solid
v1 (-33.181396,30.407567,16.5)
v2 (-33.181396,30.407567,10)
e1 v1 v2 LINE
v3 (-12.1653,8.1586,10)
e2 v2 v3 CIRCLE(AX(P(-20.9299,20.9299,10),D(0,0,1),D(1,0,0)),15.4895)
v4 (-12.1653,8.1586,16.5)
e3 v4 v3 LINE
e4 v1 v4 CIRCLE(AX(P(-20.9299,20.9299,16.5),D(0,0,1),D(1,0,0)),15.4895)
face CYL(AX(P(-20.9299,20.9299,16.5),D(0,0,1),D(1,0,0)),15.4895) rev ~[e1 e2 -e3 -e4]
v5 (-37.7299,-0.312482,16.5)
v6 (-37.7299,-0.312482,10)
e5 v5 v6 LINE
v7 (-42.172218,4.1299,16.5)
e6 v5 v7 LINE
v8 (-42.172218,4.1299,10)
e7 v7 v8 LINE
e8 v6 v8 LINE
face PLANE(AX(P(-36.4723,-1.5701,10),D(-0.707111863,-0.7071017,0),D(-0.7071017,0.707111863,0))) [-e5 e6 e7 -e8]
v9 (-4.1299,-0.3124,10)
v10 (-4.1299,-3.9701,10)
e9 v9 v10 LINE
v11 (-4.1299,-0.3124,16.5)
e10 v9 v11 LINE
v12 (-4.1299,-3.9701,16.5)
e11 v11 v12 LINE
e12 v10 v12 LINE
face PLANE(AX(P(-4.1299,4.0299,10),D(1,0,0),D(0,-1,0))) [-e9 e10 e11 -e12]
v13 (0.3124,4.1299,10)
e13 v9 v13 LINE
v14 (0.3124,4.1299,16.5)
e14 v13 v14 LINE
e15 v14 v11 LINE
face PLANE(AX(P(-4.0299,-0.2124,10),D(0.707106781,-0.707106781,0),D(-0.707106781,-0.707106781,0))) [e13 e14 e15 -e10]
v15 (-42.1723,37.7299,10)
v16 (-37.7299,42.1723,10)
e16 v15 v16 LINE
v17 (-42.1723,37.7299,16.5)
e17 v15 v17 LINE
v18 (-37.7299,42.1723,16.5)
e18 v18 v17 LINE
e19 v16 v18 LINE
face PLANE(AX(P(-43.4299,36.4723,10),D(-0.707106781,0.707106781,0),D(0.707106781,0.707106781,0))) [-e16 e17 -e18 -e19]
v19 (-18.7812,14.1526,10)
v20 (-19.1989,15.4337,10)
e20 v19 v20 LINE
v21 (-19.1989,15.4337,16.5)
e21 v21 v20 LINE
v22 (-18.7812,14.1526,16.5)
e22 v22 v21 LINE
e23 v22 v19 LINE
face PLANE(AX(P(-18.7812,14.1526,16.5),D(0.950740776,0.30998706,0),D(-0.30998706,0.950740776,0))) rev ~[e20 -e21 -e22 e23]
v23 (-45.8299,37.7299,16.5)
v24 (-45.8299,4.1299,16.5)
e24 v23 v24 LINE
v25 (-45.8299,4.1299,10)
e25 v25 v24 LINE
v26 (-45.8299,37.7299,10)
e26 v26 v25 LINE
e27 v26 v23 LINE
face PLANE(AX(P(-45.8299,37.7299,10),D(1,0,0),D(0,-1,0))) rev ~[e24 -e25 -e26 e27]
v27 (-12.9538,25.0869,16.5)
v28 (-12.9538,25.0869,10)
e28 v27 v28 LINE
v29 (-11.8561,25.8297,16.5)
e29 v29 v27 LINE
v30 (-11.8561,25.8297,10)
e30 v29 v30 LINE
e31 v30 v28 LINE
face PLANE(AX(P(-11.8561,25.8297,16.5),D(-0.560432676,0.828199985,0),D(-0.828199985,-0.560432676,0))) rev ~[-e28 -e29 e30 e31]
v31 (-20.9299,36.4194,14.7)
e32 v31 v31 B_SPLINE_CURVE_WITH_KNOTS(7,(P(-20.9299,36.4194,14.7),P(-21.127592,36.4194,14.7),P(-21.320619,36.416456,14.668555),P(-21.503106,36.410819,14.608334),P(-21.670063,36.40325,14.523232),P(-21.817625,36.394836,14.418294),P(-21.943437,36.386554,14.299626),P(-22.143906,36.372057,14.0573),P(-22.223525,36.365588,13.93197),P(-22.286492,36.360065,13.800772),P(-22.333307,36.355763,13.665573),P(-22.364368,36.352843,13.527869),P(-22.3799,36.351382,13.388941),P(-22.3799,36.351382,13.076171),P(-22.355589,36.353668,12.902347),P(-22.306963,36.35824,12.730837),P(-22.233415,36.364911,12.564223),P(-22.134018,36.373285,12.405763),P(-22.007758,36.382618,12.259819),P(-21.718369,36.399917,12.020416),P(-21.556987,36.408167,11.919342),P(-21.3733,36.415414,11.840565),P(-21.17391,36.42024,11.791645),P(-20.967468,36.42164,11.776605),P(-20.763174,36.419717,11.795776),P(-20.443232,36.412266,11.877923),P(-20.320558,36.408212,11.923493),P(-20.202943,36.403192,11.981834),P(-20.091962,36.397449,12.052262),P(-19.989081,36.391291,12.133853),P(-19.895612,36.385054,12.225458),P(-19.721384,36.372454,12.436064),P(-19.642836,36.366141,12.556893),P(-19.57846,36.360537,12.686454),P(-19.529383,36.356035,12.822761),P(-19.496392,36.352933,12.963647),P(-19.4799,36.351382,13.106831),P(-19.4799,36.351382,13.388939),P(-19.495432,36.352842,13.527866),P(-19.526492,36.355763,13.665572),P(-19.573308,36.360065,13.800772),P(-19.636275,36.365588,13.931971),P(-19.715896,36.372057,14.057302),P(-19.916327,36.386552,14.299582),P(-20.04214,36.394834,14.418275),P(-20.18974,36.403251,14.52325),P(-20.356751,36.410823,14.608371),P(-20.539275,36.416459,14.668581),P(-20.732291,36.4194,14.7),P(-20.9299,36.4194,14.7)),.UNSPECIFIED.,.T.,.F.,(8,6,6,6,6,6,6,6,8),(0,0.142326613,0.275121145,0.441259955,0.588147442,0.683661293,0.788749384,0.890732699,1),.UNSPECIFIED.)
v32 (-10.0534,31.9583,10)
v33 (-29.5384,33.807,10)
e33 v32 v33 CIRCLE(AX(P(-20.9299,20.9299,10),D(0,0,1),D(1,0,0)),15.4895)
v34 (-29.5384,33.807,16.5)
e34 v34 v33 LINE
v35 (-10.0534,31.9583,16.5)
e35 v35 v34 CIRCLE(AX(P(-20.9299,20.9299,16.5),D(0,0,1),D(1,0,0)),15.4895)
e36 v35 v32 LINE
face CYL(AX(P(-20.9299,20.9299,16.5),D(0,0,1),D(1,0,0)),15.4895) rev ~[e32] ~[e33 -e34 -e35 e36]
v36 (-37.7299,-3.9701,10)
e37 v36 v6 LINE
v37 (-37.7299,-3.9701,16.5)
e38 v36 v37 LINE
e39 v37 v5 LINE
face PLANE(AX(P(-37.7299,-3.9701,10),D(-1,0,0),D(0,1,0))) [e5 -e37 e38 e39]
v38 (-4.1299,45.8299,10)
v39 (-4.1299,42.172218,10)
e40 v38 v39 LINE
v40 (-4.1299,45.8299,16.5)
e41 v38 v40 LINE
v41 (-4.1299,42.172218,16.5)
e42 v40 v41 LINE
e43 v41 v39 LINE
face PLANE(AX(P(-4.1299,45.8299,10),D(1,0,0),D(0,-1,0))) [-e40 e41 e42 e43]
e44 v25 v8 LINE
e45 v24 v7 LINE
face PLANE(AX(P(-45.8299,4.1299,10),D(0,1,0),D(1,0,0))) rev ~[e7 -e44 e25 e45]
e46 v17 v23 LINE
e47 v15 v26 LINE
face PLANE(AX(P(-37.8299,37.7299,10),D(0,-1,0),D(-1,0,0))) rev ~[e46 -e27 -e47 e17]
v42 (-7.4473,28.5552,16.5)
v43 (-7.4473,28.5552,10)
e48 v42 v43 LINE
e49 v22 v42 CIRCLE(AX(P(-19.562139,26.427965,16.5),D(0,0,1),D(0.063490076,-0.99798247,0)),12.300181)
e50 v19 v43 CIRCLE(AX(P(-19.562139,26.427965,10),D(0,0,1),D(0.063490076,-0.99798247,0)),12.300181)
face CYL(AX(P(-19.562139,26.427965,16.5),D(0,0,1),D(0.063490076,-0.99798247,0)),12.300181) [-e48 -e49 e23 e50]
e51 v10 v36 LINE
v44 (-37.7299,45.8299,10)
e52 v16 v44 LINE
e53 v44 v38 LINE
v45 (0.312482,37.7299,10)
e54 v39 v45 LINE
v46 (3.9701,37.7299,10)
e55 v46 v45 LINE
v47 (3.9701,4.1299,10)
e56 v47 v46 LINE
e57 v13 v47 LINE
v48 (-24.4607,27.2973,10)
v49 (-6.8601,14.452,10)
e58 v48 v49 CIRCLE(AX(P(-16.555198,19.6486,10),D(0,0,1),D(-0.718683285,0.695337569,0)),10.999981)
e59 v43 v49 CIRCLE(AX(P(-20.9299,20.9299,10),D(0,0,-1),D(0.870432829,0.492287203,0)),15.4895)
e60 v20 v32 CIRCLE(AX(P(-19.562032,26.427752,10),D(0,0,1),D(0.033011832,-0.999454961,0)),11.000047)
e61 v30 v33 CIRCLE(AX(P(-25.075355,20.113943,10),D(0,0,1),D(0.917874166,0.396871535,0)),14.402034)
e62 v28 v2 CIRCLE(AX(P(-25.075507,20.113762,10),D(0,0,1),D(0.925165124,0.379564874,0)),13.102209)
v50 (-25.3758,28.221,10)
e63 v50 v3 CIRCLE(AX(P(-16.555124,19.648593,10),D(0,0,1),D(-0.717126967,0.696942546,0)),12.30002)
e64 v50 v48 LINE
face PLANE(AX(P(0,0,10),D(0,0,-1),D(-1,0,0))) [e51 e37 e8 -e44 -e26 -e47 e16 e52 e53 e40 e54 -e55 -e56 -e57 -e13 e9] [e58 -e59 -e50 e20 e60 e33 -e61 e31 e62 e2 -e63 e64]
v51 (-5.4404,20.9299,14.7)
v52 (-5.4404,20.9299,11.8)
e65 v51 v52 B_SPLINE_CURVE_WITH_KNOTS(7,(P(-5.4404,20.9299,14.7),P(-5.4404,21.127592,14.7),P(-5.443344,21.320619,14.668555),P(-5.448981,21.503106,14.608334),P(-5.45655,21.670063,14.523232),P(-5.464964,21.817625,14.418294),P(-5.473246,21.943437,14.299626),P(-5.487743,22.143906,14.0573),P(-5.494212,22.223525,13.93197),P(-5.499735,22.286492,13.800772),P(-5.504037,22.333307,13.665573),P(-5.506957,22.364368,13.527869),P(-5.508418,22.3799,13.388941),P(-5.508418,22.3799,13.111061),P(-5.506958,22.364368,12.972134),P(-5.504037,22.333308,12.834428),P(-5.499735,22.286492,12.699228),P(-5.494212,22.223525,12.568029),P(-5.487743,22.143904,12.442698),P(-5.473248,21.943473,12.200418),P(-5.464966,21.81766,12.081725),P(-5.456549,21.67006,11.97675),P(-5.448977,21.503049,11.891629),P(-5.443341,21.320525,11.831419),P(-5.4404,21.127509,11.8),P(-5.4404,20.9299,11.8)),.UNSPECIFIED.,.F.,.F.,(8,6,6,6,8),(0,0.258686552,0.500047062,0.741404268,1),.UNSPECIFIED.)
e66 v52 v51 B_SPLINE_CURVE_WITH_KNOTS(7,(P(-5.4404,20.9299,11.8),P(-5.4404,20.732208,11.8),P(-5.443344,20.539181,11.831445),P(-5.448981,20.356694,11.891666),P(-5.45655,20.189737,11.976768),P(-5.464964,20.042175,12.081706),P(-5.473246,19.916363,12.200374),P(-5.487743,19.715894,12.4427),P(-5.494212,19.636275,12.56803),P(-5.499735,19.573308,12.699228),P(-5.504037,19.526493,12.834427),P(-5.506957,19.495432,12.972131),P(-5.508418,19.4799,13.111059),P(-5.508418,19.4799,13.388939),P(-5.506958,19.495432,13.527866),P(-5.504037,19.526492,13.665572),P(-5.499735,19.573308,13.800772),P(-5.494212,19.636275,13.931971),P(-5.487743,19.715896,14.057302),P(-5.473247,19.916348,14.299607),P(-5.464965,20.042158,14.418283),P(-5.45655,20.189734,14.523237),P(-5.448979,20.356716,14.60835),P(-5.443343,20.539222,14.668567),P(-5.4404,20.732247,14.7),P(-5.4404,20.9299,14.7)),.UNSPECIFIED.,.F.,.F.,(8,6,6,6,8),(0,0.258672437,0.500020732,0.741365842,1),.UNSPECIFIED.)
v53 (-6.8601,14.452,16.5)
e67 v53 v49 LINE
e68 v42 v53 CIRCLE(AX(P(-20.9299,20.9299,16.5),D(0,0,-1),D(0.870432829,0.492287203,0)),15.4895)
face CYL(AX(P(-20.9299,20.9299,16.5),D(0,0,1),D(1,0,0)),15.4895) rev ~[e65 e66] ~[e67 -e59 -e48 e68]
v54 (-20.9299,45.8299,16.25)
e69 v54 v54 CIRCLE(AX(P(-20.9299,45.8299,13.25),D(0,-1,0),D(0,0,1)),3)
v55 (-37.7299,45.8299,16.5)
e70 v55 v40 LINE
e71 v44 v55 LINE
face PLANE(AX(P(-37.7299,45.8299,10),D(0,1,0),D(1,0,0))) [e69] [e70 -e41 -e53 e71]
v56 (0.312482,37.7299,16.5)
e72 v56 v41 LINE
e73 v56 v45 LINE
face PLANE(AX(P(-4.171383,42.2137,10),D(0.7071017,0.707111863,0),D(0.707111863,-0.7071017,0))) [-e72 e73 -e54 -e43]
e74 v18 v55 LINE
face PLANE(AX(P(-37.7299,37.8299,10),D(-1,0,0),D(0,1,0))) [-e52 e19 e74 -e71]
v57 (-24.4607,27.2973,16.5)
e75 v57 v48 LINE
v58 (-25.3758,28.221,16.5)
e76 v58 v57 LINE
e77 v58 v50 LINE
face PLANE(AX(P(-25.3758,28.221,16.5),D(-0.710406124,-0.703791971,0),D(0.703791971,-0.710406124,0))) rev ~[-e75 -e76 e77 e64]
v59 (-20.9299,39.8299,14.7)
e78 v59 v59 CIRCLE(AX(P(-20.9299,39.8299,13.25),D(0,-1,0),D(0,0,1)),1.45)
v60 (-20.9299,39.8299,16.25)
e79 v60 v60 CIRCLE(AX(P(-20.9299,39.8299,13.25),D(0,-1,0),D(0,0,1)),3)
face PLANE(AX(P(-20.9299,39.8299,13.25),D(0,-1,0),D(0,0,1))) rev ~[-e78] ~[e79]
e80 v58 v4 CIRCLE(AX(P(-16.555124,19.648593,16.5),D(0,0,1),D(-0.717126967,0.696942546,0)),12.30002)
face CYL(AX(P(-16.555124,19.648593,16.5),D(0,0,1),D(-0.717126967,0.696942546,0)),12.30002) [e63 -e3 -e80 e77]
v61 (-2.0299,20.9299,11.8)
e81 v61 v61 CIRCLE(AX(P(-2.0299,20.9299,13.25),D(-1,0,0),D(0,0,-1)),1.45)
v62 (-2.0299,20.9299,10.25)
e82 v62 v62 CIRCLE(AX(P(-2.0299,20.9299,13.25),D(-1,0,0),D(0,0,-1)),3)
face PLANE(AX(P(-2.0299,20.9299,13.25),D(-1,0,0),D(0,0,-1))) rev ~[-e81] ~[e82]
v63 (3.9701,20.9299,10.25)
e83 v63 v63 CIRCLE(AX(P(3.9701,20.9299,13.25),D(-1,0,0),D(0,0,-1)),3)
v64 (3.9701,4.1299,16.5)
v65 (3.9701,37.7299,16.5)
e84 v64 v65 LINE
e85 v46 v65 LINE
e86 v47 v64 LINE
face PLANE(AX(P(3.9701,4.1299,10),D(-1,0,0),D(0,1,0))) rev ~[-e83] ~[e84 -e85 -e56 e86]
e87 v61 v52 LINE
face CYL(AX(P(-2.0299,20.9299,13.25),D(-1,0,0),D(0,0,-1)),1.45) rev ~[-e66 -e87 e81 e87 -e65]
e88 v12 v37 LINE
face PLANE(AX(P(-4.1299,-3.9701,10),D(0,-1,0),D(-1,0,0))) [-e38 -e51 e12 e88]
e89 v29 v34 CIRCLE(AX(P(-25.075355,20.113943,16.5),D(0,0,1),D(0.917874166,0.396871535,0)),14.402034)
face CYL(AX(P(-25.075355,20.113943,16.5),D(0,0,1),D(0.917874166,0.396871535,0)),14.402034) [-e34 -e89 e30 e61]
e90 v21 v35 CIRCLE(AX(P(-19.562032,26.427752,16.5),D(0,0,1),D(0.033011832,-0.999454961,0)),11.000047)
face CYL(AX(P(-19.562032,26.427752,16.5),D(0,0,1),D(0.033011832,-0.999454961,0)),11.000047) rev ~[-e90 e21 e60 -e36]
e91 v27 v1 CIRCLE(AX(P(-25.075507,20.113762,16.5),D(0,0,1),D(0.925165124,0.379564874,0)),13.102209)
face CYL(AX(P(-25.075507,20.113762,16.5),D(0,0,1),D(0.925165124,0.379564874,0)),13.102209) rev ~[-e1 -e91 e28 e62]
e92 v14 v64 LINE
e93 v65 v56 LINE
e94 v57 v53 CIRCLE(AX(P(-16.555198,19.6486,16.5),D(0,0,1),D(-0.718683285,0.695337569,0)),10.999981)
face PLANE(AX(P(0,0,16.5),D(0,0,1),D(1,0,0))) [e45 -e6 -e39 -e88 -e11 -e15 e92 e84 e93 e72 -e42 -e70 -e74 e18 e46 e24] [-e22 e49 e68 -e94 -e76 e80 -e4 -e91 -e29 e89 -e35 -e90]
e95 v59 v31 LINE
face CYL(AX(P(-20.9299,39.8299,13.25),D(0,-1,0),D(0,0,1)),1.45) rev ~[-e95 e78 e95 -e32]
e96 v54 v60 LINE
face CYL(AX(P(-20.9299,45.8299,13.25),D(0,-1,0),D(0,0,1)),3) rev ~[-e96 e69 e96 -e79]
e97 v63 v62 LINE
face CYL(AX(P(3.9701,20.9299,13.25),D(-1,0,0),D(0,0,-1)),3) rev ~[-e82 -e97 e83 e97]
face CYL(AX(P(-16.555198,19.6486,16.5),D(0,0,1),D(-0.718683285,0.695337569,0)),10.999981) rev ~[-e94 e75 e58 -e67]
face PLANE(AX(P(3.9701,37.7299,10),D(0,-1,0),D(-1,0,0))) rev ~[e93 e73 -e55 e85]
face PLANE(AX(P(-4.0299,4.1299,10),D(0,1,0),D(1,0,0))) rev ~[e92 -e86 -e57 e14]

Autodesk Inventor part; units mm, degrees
ref_plane "YZ Plane" through (0, 0, 0) normal (1, 0, 0) x (0, 1, 0)
ref_plane "Work Plane1" through (0, 0, 10) normal (0, 0, 1) x (1, 0, 0)
sketch "Sketch1" plane through (0, 0, 10) normal (0, 0, 1) x (1, 0, 0)
  line L0 (-4.0299, -0.3538) -> (-2.2322, 1.4439) construction
  arc A0 (-1.4439, 2.2322) -> (-2.2322, 1.4439) centre (-0.9299, 0.9299) ccw construction
  line L1 (-1.4439, 2.2322) -> (0.3538, 4.0299) construction
  line L2 (-37.8299, 42.2137) -> (-37.8299, 45.8299) construction
  line L3 (-37.8299, 45.8299) -> (-4.0299, 45.8299) construction
  line L4 (-4.0299, 45.8299) -> (-4.0299, 42.2137) construction
  line L5 (-4.0299, 4.0299) -> (0.3538, 4.0299) projected
  line L6 (-20.9299, 58.9723) -> (17.1124, 20.9299) construction
  line L7 (17.1124, 20.9299) -> (-20.9299, -17.1124) construction
  line L8 (-20.9299, -17.1124) -> (-58.9723, 20.9299) construction
  line L9 (-58.9723, 20.9299) -> (-20.9299, 58.9723) construction
  line L10 (-20.9299, 58.9723) -> (-20.9299, -17.1124) construction
  line L11 (17.1124, 20.9299) -> (-58.9723, 20.9299) construction
  line L12 (-20.9299, 58.9723) -> (32.8701, 58.9723) construction
  line L13 (-43.4299, 43.4299) -> (1.5701, 43.4299) construction
  line L14 (1.5701, 43.4299) -> (1.5701, -1.5701) construction
  line L15 (1.5701, -1.5701) -> (-43.4299, -1.5701) construction
  line L16 (-43.4299, -1.5701) -> (-43.4299, 43.4299) construction
  line L17 (-43.4299, 43.4299) -> (1.5701, -1.5701) construction
  line L18 (1.5701, 43.4299) -> (-43.4299, -1.5701) construction
  line L19 (-43.4299, 5.3876) -> (-43.4299, 36.4723)
  line L20 (-43.4299, 36.4723) -> (-36.4723, 43.4299)
  line L21 (-36.4723, 43.4299) -> (-5.3876, 43.4299)
  line L22 (-5.3876, 43.4299) -> (1.5701, 36.4723)
  line L23 (1.5701, 36.4723) -> (1.5701, 5.3876)
  line L24 (1.5701, 5.3876) -> (-5.3876, -1.5701)
  line L25 (-5.3876, -1.5701) -> (-36.4723, -1.5701)
  line L26 (-36.4723, -1.5701) -> (-43.4299, 5.3876)
  line L27 (-4.0299, 42.2137) -> (-37.8299, 42.2137) projected
  line L28 (-4.0299, -0.3538) -> (-4.0299, 4.0299) projected
  circle A1 centre (-20.9299, 20.9299) radius 13.3985
  circle A2 centre (-20.9299, 20.9299) radius 15.4895
  point P0 (-37.8299, 4.0299)
  dimension "d18" = 53.8
  dimension "d19" = 45
  dimension "d20" = 53.8
  dimension "d21" = 45
  dimension "d22" = 45
  dimension "d30" = 26.797
  dimension "d36" = 30.979
extrude "Extrusion1" add sketch "Sketch1" along normal blind 6.5 contours L28 L24 L25 L26 L19 L20 L27 L22 L23 L5 | L5 L24 L28 | L27 L20 L21 L22 | A1 | A2
ref_plane "Work Plane2" through (-40.9959, 0.8639, 22.2359) normal (0, 0, 1) x (1, 0, 0)
sketch "Sketch3" plane through (0, 0, 10) normal (0, 0, -1) x (-1, 0, 0)
  line L0 (37.8299, -0.4701) -> (37.8299, 4.0299) construction
  line L1 (4.0299, 4.0299) -> (4.0299, -0.4701) construction
  line L2 (37.8299, -0.4701) -> (37.8299, 1.1886) construction
  line L3 (4.0299, -3.9701) -> (4.0299, -0.3538) construction
  line L4 (45.8299, 4.0299) -> (42.2137, 4.0299) construction
  line L5 (-0.3538, 4.0299) -> (-3.9701, 4.0299) construction
  line L6 (-3.9701, 37.8299) -> (-0.3538, 37.8299) construction
  line L7 (4.0299, 42.2137) -> (4.0299, 45.8299) construction
  line L8 (37.8299, 45.8299) -> (37.8299, 42.2137) construction
  line L9 (42.2137, 37.8299) -> (45.8299, 37.8299) construction
  line L10 (37.8299, 37.7299) -> (45.8299, 37.7299)
  line L11 (45.8299, 37.7299) -> (45.8299, 4.1299)
  line L12 (45.8299, 4.1299) -> (37.8299, 4.1299)
  line L13 (37.8299, 4.1299) -> (37.8299, 37.7299)
  line L14 (37.7299, 4.0299) -> (4.1299, 4.0299)
  line L15 (4.1299, 4.0299) -> (4.1299, -3.9701)
  line L16 (4.1299, -3.9701) -> (37.7299, -3.9701)
  line L17 (37.7299, -3.9701) -> (37.7299, 4.0299)
  line L18 (4.0299, 4.1299) -> (-3.9701, 4.1299)
  line L19 (-3.9701, 4.1299) -> (-3.9701, 37.7299)
  line L20 (-3.9701, 37.7299) -> (4.0299, 37.7299)
  line L21 (4.0299, 37.7299) -> (4.0299, 4.1299)
  line L22 (4.1299, 37.8299) -> (37.7299, 37.8299)
  line L23 (37.7299, 37.8299) -> (37.7299, 45.8299)
  line L24 (37.7299, 45.8299) -> (4.1299, 45.8299)
  line L25 (4.1299, 45.8299) -> (4.1299, 37.8299)
  point P0 (0, 0)
  dimension "d23" = 0.1
  dimension "d24" = 0.1
  dimension "d25" = 0.1
  dimension "d26" = 0.1
  dimension "d27" = 0.1
extrude "Extrusion3" add sketch "Sketch3" against normal up to surface (6.5 mm away)
sketch "Sketch6" plane through (0, 0, 16.5) normal (0, 0, 1) x (1, 0, 0)
  circle A0 centre (-20.9299, 20.9299) radius 15.4895
  circle A1 centre (-20.9299, 20.9299) radius 13.3985
  line L0 (-45.8299, 4.1299) -> (-45.8299, 37.7299) projected
  line L1 (-4.1299, -3.9701) -> (-37.7299, -3.9701) projected
  line L2 (-37.7299, 45.8299) -> (-4.1299, 45.8299) projected
  point P0 (0, 0)
  point P1 (-45.8299, 20.9299)
  point P2 (-20.9299, -3.9701)
  point P3 (-20.9299, 45.8299)
  dimension "d37" = 26.797
  dimension "d38" = 30.979
extrude "Extrusion5" cut sketch "Sketch6" against normal blind 12 contours A0 | A1
sketch "Sketch7" plane through (0, 0, 16.5) normal (0, 0, 1) x (1, 0, 0)
  arc A0 (-12.9538, 25.0869) -> (-28.6747, 7.5156) centre (-25.0755, 20.1138) ccw
  arc A1 (-11.8561, 25.8297) -> (-29.5384, 33.807) centre (-25.0755, 20.1138) ccw
  line L0 (-11.8561, 25.8297) -> (-12.9538, 25.0869)
  arc A2 (-29.5384, 33.807) -> (-28.6747, 7.5156) centre (-20.9299, 20.9299) ccw
  arc A3 (-19.1989, 15.4337) -> (-10.0534, 31.9583) centre (-19.562, 26.4277) ccw
  arc A4 (-7.4473, 28.5552) -> (-10.0534, 31.9583) centre (-19.6452, 21.9138) ccw
  line L1 (-19.4299, 22.4299) -> (-3.5175, 22.4299) construction
  arc A5 (-25.3758, 28.221) -> (-12.1653, 8.1586) centre (-16.5552, 19.6486) ccw
  circle A6 centre (-20.9299, 20.9299) radius 15.4895 construction
  arc A7 (-12.4299, 22.4299) -> (-19.1989, 15.4337) centre (-19.4299, 22.4299) ccw construction
  line L2 (-25.3758, 28.221) -> (-24.4607, 27.2973)
  arc A8 (-24.4607, 27.2973) -> (-6.8601, 14.452) centre (-16.5552, 19.6486) ccw
  circle A9 centre (-20.9299, 20.9299) radius 15.4895 construction
  line L3 (3.9701, 4.1299) -> (0.3124, 4.1299) construction
  line L4 (3.9701, 37.7299) -> (3.9701, 4.1299) construction
  line L5 (0.3124, 37.7299) -> (3.9701, 37.7299) construction
  line L6 (0.3124, 37.7299) -> (-4.1299, 42.1723) construction
  line L7 (-4.1299, 45.8299) -> (-4.1299, 42.1723) construction
  line L8 (-37.7299, 45.8299) -> (-4.1299, 45.8299) construction
  line L9 (-37.7299, 42.1723) -> (-37.7299, 45.8299) construction
  line L10 (-37.7299, 42.1723) -> (-42.1723, 37.7299) construction
  line L11 (-45.8299, 37.7299) -> (-42.1723, 37.7299) construction
  line L12 (-45.8299, 4.1299) -> (-45.8299, 37.7299) construction
  line L13 (-42.1723, 4.1299) -> (-45.8299, 4.1299) construction
  line L14 (-42.1723, 4.1299) -> (-37.7299, -0.3124) construction
  line L15 (-37.7299, -3.9701) -> (-37.7299, -0.3124) construction
  line L16 (-4.1299, -3.9701) -> (-37.7299, -3.9701) construction
  line L17 (-4.1299, -0.3124) -> (-4.1299, -3.9701) construction
  line L18 (-4.1299, -0.3124) -> (0.3124, 4.1299) construction
  line L19 (-19.1989, 15.4337) -> (-18.7812, 14.1526) construction
  arc A10 (-19.1989, 15.4337) -> (-12.4299, 22.4299) centre (-19.4299, 22.4299) ccw construction
  arc A11 (-18.7812, 14.1526) -> (-7.4473, 28.5552) centre (-19.562, 26.4277) ccw
  line L20 (-19.1989, 15.4337) -> (-18.7812, 14.1526) construction
  line L21 (-18.7812, 14.1526) -> (-19.1989, 15.4337)
  arc A12 (-12.1653, 8.1586) -> (-6.8601, 14.452) centre (-13.2455, 14.452) ccw
  line L22 (-28.6747, 7.5156) -> (-20.9299, 20.9299) construction
  line L23 (-20.9299, 20.9299) -> (-5.6794, 18.2195) construction
  line L24 (-6.8601, 14.452) -> (-13.2455, 14.452) construction
  circle A13 centre (-20.9299, 20.9299) radius 15.4895 projected
  point P0 (0, 0)
  point P1 (-17.9152, 11.0615)
  point P2 (-33.1816, 30.4073)
  dimension "d58" = 1.3
  dimension "d60" = 1.3
  dimension "d63" = 1.3
  dimension "d78" = 1.5
  dimension "d79" = 1.5
  dimension "d81" = 11
  dimension "d83" = 11
  dimension "d86" = 7
  dimension "d90" = 0
  dimension "d91" = 120
extrude "Extrusion6" add sketch "Sketch7" against normal up to surface (6.5 mm away) contours A0 A2 A1 L0 | A5 L2 A8 A13 | A13 A11 L21 A3 | A4 A13
sketch "Sketch8" plane through (-37.7299, 45.8299, 10) normal (0, 1, 0) x (1, 0, 0)
  line L0 (0, 0) -> (33.6, 0) projected
  line L1 (0, -6.5) -> (33.6, -6.5) projected
  line L2 (33.6, 0) -> (33.6, -6.5) projected
  line L3 (0, 0) -> (0, -6.5) projected
  point P0 (37.7299, 10)
  point P1 (16.8, -3.25)
  point P2 (16.8, 0)
  point P3 (16.8, -6.5)
  point P4 (33.6, -3.25)
  point P5 (0, -3.25)
hole "Hole1" at (-20.9299, 45.8299, 13.25) direction (0, -1, 0) diameter 2.9 depth 11 tip angle 118 counterbore diameter 6 counterbore depth 6
sketch "Sketch9" plane through (3.9701, 4.1299, 10) normal (1, 0, 0) x (0, 0, -1)
  line L0 (0, 0) -> (0, 33.6) projected
  line L1 (-6.5, 33.6) -> (-6.5, 0) projected
  line L2 (0, 33.6) -> (-6.5, 33.6) projected
  line L3 (0, 0) -> (-6.5, 0) projected
  point P0 (10, -4.1299)
  point P1 (-3.25, 16.8)
  point P2 (0, 16.8)
  point P3 (-6.5, 16.8)
  point P4 (-3.25, 33.6)
  point P5 (-3.25, 0)
hole "Hole2" at (3.9701, 20.9299, 13.25) direction (-1, 0, 0) diameter 2.9 depth 11 tip angle 118 counterbore diameter 6 counterbore depth 6
properties part number "50_Cube_Insert_Thorlabs"
